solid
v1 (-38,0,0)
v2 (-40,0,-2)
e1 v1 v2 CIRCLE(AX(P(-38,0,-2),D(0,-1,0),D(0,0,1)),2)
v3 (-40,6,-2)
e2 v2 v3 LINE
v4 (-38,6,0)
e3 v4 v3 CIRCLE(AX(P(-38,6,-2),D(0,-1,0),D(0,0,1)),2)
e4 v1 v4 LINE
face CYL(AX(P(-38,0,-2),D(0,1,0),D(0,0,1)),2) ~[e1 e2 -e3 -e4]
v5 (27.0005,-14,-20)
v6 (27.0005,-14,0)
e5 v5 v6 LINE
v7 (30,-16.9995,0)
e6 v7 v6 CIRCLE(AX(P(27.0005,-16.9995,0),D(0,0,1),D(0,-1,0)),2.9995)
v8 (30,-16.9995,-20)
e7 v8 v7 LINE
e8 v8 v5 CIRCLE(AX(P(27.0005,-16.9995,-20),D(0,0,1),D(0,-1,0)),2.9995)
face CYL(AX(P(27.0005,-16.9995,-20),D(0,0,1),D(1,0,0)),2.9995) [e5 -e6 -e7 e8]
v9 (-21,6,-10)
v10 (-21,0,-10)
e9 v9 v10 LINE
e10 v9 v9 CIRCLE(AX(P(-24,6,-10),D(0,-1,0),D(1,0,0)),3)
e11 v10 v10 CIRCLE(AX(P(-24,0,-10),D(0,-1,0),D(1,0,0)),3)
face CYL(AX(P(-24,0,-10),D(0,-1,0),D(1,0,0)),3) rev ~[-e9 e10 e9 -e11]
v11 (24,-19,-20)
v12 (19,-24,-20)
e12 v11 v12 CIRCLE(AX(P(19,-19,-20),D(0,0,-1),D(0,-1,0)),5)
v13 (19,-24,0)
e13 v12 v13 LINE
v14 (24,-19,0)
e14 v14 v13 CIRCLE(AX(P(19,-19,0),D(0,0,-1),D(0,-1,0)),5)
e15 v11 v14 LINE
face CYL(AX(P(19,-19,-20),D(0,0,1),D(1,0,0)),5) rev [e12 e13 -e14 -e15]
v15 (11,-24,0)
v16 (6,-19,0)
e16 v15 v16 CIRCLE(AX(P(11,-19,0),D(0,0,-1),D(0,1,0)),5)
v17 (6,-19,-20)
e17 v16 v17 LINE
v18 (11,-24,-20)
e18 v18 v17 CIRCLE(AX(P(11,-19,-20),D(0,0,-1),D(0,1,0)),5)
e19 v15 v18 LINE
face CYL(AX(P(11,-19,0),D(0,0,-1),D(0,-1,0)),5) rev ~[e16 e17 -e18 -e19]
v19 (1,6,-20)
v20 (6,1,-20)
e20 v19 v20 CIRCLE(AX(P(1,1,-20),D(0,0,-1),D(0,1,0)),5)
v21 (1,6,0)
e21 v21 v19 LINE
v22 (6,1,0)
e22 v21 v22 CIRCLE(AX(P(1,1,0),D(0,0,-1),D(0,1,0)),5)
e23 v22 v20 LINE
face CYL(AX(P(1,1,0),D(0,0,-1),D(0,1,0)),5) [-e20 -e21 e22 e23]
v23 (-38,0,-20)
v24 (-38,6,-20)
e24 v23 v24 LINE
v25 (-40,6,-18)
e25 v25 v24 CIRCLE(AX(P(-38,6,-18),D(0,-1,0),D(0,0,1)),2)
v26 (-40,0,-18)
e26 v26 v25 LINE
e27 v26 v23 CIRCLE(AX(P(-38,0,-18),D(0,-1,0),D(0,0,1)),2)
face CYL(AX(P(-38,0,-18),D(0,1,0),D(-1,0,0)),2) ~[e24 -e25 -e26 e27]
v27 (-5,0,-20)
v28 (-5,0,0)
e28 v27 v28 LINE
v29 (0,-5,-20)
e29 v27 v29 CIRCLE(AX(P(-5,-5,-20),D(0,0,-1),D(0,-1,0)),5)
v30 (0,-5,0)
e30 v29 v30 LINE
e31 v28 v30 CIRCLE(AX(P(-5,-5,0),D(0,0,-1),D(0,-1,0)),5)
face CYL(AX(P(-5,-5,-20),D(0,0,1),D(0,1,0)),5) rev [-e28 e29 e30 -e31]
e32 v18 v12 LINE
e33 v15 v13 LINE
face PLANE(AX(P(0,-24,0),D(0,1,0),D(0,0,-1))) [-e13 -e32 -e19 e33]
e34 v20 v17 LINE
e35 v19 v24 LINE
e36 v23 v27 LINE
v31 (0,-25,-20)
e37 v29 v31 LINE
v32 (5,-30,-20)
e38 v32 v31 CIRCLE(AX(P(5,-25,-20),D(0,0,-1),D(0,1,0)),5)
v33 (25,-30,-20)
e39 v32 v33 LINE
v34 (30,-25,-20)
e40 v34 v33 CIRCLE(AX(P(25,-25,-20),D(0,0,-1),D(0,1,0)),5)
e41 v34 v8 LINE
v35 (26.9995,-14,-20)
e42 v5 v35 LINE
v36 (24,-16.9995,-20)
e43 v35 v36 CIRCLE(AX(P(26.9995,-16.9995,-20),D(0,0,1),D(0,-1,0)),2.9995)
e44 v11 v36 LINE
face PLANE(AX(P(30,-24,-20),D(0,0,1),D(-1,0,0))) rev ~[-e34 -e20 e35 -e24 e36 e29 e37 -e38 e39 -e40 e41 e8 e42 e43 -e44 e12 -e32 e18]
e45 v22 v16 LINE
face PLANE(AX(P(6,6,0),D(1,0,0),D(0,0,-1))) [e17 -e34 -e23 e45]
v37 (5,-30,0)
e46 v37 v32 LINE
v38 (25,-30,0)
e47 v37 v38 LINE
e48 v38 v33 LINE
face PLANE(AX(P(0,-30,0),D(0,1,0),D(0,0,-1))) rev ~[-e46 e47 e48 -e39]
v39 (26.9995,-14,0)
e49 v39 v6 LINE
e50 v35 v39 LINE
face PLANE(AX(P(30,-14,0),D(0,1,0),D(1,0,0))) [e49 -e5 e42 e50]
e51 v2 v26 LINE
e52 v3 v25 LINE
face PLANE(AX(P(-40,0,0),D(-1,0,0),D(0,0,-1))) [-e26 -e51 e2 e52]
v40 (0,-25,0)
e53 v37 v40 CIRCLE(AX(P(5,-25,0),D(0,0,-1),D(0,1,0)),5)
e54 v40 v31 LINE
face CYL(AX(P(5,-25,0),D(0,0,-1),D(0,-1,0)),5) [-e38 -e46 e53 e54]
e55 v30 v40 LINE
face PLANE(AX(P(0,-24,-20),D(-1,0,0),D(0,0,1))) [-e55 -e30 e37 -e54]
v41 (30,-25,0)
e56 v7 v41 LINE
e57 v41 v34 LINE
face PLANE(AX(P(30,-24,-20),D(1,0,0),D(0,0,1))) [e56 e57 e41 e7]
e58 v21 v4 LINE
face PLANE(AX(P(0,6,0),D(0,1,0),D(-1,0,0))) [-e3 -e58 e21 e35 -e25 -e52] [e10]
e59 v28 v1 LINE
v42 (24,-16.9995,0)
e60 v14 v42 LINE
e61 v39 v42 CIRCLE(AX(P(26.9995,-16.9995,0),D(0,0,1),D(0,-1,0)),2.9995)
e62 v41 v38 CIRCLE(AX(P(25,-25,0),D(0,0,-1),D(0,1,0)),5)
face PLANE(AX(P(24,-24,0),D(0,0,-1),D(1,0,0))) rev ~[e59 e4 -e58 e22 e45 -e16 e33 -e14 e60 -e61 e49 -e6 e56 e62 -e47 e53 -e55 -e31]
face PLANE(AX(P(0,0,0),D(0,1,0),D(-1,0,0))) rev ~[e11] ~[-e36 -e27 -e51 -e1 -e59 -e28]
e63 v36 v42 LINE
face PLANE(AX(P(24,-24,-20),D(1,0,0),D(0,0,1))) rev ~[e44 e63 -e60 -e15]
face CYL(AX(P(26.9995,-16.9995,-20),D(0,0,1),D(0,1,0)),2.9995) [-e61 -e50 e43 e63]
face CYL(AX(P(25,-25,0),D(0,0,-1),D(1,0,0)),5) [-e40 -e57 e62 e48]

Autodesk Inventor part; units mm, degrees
ref_plane "YZ Plane" through (0, 0, 0) normal (1, 0, 0) x (0, 1, 0)
ref_plane "XZ Plane" through (0, 0, 0) normal (0, 1, 0) x (-1, 0, 0)
ref_plane "XY Plane" through (0, 0, 0) normal (0, 0, 1) x (1, 0, 0)
sketch "Sketch1" plane through (0, 0, 0) normal (0, 1, 0) x (-1, 0, 0)
  line L0 (0, 0) -> (40, 0)
  line L1 (40, 0) -> (40, -20)
  line L2 (40, -20) -> (0, -20)
  line L3 (0, -20) -> (0, 0)
  dimension "d0" = 40
  dimension "d1" = 20
extrude "Extrusion1" add sketch "Sketch1" along normal blind 6
sketch "Sketch2" plane through (0, 6, 0) normal (0, 1, 0) x (1, 0, 0)
  line L0 (0, 0) -> (6, 0)
  line L1 (6, 0) -> (6, 20)
  line L2 (6, 20) -> (0, 20)
  line L3 (0, 20) -> (0, 0)
  dimension "d4" = 6
  dimension "d5" = 20
extrude "Extrusion2" add sketch "Sketch2" against normal blind 30
fillet "Fillet1" radius 5 1 edges at (0, 0, -10)
fillet "Fillet4" radius 5 1 edges at (6, 6, -10)
sketch "Sketch5" plane through (0, 0, 0) normal (0, -1, 0) x (1, 0, 0)
  circle A0 centre (-24, -10) radius 3
  line L0 (-40, -20) -> (-40, 0) projected
  line L1 (-5, -20) -> (-40, -20) projected
  line L2 (6, -20) -> (6, 0) projected
  circle A1 centre (-44, -10) radius 3
  line L3 (-40, 0) -> (-5, 0) projected
  point P0 (0, 0)
  dimension "d18" = 6
  dimension "d20" = 10
  dimension "d47" = 30
  dimension "d48" = 6
  dimension "d49" = 20
  dimension "d50" = 10
fillet "Fillet7" radius 2 2 edges at (-40, 3, 0) (-40, 3, -20)
sketch "Sketch8" plane through (0, -24, -20) normal (-1, 0, 0) x (0, 0, 1)
  line L0 (20, 0) -> (0, 0) projected
  line L1 (0, 0) -> (20, 0)
  line L2 (20, 0) -> (20, -6)
  line L3 (20, -6) -> (0, -6)
  line L4 (0, -6) -> (0, 0)
  point P0 (20, 24)
  dimension "d35" = 6
extrude "Extrusion6" add sketch "Sketch8" against normal blind 30
fillet "Fillet8" radius 5 1 edges at (0, -30, -10)
fillet "Fillet9" radius 5 1 edges at (6, -24, -10)
sketch "Sketch9" plane through (30, -24, 0) normal (0, 1, 0) x (1, 0, 0)
  line L0 (0, 20) -> (0, 0) projected
  line L1 (0, 20) -> (-6, 20)
  line L2 (-6, 20) -> (-6, 0)
  line L3 (-6, 0) -> (0, 0)
  line L4 (0, 0) -> (0, 20)
  point P0 (-30, 0)
  dimension "d40" = 6
  dimension "d41" = 20
extrude "Extrusion7" add sketch "Sketch9" along normal blind 10
fillet "Fillet10" radius 5 1 edges at (24, -24, -10)
fillet "Fillet11" radius 5 1 edges at (30, -30, -10)
fillet "Fillet12" radius 3 2 edges at (24, -14, -10) (30, -14, -10)
extrude "Extrusion8" cut sketch "Sketch5" against normal through all both and the other way through all
properties part number "Cable_Guide_Holder"
